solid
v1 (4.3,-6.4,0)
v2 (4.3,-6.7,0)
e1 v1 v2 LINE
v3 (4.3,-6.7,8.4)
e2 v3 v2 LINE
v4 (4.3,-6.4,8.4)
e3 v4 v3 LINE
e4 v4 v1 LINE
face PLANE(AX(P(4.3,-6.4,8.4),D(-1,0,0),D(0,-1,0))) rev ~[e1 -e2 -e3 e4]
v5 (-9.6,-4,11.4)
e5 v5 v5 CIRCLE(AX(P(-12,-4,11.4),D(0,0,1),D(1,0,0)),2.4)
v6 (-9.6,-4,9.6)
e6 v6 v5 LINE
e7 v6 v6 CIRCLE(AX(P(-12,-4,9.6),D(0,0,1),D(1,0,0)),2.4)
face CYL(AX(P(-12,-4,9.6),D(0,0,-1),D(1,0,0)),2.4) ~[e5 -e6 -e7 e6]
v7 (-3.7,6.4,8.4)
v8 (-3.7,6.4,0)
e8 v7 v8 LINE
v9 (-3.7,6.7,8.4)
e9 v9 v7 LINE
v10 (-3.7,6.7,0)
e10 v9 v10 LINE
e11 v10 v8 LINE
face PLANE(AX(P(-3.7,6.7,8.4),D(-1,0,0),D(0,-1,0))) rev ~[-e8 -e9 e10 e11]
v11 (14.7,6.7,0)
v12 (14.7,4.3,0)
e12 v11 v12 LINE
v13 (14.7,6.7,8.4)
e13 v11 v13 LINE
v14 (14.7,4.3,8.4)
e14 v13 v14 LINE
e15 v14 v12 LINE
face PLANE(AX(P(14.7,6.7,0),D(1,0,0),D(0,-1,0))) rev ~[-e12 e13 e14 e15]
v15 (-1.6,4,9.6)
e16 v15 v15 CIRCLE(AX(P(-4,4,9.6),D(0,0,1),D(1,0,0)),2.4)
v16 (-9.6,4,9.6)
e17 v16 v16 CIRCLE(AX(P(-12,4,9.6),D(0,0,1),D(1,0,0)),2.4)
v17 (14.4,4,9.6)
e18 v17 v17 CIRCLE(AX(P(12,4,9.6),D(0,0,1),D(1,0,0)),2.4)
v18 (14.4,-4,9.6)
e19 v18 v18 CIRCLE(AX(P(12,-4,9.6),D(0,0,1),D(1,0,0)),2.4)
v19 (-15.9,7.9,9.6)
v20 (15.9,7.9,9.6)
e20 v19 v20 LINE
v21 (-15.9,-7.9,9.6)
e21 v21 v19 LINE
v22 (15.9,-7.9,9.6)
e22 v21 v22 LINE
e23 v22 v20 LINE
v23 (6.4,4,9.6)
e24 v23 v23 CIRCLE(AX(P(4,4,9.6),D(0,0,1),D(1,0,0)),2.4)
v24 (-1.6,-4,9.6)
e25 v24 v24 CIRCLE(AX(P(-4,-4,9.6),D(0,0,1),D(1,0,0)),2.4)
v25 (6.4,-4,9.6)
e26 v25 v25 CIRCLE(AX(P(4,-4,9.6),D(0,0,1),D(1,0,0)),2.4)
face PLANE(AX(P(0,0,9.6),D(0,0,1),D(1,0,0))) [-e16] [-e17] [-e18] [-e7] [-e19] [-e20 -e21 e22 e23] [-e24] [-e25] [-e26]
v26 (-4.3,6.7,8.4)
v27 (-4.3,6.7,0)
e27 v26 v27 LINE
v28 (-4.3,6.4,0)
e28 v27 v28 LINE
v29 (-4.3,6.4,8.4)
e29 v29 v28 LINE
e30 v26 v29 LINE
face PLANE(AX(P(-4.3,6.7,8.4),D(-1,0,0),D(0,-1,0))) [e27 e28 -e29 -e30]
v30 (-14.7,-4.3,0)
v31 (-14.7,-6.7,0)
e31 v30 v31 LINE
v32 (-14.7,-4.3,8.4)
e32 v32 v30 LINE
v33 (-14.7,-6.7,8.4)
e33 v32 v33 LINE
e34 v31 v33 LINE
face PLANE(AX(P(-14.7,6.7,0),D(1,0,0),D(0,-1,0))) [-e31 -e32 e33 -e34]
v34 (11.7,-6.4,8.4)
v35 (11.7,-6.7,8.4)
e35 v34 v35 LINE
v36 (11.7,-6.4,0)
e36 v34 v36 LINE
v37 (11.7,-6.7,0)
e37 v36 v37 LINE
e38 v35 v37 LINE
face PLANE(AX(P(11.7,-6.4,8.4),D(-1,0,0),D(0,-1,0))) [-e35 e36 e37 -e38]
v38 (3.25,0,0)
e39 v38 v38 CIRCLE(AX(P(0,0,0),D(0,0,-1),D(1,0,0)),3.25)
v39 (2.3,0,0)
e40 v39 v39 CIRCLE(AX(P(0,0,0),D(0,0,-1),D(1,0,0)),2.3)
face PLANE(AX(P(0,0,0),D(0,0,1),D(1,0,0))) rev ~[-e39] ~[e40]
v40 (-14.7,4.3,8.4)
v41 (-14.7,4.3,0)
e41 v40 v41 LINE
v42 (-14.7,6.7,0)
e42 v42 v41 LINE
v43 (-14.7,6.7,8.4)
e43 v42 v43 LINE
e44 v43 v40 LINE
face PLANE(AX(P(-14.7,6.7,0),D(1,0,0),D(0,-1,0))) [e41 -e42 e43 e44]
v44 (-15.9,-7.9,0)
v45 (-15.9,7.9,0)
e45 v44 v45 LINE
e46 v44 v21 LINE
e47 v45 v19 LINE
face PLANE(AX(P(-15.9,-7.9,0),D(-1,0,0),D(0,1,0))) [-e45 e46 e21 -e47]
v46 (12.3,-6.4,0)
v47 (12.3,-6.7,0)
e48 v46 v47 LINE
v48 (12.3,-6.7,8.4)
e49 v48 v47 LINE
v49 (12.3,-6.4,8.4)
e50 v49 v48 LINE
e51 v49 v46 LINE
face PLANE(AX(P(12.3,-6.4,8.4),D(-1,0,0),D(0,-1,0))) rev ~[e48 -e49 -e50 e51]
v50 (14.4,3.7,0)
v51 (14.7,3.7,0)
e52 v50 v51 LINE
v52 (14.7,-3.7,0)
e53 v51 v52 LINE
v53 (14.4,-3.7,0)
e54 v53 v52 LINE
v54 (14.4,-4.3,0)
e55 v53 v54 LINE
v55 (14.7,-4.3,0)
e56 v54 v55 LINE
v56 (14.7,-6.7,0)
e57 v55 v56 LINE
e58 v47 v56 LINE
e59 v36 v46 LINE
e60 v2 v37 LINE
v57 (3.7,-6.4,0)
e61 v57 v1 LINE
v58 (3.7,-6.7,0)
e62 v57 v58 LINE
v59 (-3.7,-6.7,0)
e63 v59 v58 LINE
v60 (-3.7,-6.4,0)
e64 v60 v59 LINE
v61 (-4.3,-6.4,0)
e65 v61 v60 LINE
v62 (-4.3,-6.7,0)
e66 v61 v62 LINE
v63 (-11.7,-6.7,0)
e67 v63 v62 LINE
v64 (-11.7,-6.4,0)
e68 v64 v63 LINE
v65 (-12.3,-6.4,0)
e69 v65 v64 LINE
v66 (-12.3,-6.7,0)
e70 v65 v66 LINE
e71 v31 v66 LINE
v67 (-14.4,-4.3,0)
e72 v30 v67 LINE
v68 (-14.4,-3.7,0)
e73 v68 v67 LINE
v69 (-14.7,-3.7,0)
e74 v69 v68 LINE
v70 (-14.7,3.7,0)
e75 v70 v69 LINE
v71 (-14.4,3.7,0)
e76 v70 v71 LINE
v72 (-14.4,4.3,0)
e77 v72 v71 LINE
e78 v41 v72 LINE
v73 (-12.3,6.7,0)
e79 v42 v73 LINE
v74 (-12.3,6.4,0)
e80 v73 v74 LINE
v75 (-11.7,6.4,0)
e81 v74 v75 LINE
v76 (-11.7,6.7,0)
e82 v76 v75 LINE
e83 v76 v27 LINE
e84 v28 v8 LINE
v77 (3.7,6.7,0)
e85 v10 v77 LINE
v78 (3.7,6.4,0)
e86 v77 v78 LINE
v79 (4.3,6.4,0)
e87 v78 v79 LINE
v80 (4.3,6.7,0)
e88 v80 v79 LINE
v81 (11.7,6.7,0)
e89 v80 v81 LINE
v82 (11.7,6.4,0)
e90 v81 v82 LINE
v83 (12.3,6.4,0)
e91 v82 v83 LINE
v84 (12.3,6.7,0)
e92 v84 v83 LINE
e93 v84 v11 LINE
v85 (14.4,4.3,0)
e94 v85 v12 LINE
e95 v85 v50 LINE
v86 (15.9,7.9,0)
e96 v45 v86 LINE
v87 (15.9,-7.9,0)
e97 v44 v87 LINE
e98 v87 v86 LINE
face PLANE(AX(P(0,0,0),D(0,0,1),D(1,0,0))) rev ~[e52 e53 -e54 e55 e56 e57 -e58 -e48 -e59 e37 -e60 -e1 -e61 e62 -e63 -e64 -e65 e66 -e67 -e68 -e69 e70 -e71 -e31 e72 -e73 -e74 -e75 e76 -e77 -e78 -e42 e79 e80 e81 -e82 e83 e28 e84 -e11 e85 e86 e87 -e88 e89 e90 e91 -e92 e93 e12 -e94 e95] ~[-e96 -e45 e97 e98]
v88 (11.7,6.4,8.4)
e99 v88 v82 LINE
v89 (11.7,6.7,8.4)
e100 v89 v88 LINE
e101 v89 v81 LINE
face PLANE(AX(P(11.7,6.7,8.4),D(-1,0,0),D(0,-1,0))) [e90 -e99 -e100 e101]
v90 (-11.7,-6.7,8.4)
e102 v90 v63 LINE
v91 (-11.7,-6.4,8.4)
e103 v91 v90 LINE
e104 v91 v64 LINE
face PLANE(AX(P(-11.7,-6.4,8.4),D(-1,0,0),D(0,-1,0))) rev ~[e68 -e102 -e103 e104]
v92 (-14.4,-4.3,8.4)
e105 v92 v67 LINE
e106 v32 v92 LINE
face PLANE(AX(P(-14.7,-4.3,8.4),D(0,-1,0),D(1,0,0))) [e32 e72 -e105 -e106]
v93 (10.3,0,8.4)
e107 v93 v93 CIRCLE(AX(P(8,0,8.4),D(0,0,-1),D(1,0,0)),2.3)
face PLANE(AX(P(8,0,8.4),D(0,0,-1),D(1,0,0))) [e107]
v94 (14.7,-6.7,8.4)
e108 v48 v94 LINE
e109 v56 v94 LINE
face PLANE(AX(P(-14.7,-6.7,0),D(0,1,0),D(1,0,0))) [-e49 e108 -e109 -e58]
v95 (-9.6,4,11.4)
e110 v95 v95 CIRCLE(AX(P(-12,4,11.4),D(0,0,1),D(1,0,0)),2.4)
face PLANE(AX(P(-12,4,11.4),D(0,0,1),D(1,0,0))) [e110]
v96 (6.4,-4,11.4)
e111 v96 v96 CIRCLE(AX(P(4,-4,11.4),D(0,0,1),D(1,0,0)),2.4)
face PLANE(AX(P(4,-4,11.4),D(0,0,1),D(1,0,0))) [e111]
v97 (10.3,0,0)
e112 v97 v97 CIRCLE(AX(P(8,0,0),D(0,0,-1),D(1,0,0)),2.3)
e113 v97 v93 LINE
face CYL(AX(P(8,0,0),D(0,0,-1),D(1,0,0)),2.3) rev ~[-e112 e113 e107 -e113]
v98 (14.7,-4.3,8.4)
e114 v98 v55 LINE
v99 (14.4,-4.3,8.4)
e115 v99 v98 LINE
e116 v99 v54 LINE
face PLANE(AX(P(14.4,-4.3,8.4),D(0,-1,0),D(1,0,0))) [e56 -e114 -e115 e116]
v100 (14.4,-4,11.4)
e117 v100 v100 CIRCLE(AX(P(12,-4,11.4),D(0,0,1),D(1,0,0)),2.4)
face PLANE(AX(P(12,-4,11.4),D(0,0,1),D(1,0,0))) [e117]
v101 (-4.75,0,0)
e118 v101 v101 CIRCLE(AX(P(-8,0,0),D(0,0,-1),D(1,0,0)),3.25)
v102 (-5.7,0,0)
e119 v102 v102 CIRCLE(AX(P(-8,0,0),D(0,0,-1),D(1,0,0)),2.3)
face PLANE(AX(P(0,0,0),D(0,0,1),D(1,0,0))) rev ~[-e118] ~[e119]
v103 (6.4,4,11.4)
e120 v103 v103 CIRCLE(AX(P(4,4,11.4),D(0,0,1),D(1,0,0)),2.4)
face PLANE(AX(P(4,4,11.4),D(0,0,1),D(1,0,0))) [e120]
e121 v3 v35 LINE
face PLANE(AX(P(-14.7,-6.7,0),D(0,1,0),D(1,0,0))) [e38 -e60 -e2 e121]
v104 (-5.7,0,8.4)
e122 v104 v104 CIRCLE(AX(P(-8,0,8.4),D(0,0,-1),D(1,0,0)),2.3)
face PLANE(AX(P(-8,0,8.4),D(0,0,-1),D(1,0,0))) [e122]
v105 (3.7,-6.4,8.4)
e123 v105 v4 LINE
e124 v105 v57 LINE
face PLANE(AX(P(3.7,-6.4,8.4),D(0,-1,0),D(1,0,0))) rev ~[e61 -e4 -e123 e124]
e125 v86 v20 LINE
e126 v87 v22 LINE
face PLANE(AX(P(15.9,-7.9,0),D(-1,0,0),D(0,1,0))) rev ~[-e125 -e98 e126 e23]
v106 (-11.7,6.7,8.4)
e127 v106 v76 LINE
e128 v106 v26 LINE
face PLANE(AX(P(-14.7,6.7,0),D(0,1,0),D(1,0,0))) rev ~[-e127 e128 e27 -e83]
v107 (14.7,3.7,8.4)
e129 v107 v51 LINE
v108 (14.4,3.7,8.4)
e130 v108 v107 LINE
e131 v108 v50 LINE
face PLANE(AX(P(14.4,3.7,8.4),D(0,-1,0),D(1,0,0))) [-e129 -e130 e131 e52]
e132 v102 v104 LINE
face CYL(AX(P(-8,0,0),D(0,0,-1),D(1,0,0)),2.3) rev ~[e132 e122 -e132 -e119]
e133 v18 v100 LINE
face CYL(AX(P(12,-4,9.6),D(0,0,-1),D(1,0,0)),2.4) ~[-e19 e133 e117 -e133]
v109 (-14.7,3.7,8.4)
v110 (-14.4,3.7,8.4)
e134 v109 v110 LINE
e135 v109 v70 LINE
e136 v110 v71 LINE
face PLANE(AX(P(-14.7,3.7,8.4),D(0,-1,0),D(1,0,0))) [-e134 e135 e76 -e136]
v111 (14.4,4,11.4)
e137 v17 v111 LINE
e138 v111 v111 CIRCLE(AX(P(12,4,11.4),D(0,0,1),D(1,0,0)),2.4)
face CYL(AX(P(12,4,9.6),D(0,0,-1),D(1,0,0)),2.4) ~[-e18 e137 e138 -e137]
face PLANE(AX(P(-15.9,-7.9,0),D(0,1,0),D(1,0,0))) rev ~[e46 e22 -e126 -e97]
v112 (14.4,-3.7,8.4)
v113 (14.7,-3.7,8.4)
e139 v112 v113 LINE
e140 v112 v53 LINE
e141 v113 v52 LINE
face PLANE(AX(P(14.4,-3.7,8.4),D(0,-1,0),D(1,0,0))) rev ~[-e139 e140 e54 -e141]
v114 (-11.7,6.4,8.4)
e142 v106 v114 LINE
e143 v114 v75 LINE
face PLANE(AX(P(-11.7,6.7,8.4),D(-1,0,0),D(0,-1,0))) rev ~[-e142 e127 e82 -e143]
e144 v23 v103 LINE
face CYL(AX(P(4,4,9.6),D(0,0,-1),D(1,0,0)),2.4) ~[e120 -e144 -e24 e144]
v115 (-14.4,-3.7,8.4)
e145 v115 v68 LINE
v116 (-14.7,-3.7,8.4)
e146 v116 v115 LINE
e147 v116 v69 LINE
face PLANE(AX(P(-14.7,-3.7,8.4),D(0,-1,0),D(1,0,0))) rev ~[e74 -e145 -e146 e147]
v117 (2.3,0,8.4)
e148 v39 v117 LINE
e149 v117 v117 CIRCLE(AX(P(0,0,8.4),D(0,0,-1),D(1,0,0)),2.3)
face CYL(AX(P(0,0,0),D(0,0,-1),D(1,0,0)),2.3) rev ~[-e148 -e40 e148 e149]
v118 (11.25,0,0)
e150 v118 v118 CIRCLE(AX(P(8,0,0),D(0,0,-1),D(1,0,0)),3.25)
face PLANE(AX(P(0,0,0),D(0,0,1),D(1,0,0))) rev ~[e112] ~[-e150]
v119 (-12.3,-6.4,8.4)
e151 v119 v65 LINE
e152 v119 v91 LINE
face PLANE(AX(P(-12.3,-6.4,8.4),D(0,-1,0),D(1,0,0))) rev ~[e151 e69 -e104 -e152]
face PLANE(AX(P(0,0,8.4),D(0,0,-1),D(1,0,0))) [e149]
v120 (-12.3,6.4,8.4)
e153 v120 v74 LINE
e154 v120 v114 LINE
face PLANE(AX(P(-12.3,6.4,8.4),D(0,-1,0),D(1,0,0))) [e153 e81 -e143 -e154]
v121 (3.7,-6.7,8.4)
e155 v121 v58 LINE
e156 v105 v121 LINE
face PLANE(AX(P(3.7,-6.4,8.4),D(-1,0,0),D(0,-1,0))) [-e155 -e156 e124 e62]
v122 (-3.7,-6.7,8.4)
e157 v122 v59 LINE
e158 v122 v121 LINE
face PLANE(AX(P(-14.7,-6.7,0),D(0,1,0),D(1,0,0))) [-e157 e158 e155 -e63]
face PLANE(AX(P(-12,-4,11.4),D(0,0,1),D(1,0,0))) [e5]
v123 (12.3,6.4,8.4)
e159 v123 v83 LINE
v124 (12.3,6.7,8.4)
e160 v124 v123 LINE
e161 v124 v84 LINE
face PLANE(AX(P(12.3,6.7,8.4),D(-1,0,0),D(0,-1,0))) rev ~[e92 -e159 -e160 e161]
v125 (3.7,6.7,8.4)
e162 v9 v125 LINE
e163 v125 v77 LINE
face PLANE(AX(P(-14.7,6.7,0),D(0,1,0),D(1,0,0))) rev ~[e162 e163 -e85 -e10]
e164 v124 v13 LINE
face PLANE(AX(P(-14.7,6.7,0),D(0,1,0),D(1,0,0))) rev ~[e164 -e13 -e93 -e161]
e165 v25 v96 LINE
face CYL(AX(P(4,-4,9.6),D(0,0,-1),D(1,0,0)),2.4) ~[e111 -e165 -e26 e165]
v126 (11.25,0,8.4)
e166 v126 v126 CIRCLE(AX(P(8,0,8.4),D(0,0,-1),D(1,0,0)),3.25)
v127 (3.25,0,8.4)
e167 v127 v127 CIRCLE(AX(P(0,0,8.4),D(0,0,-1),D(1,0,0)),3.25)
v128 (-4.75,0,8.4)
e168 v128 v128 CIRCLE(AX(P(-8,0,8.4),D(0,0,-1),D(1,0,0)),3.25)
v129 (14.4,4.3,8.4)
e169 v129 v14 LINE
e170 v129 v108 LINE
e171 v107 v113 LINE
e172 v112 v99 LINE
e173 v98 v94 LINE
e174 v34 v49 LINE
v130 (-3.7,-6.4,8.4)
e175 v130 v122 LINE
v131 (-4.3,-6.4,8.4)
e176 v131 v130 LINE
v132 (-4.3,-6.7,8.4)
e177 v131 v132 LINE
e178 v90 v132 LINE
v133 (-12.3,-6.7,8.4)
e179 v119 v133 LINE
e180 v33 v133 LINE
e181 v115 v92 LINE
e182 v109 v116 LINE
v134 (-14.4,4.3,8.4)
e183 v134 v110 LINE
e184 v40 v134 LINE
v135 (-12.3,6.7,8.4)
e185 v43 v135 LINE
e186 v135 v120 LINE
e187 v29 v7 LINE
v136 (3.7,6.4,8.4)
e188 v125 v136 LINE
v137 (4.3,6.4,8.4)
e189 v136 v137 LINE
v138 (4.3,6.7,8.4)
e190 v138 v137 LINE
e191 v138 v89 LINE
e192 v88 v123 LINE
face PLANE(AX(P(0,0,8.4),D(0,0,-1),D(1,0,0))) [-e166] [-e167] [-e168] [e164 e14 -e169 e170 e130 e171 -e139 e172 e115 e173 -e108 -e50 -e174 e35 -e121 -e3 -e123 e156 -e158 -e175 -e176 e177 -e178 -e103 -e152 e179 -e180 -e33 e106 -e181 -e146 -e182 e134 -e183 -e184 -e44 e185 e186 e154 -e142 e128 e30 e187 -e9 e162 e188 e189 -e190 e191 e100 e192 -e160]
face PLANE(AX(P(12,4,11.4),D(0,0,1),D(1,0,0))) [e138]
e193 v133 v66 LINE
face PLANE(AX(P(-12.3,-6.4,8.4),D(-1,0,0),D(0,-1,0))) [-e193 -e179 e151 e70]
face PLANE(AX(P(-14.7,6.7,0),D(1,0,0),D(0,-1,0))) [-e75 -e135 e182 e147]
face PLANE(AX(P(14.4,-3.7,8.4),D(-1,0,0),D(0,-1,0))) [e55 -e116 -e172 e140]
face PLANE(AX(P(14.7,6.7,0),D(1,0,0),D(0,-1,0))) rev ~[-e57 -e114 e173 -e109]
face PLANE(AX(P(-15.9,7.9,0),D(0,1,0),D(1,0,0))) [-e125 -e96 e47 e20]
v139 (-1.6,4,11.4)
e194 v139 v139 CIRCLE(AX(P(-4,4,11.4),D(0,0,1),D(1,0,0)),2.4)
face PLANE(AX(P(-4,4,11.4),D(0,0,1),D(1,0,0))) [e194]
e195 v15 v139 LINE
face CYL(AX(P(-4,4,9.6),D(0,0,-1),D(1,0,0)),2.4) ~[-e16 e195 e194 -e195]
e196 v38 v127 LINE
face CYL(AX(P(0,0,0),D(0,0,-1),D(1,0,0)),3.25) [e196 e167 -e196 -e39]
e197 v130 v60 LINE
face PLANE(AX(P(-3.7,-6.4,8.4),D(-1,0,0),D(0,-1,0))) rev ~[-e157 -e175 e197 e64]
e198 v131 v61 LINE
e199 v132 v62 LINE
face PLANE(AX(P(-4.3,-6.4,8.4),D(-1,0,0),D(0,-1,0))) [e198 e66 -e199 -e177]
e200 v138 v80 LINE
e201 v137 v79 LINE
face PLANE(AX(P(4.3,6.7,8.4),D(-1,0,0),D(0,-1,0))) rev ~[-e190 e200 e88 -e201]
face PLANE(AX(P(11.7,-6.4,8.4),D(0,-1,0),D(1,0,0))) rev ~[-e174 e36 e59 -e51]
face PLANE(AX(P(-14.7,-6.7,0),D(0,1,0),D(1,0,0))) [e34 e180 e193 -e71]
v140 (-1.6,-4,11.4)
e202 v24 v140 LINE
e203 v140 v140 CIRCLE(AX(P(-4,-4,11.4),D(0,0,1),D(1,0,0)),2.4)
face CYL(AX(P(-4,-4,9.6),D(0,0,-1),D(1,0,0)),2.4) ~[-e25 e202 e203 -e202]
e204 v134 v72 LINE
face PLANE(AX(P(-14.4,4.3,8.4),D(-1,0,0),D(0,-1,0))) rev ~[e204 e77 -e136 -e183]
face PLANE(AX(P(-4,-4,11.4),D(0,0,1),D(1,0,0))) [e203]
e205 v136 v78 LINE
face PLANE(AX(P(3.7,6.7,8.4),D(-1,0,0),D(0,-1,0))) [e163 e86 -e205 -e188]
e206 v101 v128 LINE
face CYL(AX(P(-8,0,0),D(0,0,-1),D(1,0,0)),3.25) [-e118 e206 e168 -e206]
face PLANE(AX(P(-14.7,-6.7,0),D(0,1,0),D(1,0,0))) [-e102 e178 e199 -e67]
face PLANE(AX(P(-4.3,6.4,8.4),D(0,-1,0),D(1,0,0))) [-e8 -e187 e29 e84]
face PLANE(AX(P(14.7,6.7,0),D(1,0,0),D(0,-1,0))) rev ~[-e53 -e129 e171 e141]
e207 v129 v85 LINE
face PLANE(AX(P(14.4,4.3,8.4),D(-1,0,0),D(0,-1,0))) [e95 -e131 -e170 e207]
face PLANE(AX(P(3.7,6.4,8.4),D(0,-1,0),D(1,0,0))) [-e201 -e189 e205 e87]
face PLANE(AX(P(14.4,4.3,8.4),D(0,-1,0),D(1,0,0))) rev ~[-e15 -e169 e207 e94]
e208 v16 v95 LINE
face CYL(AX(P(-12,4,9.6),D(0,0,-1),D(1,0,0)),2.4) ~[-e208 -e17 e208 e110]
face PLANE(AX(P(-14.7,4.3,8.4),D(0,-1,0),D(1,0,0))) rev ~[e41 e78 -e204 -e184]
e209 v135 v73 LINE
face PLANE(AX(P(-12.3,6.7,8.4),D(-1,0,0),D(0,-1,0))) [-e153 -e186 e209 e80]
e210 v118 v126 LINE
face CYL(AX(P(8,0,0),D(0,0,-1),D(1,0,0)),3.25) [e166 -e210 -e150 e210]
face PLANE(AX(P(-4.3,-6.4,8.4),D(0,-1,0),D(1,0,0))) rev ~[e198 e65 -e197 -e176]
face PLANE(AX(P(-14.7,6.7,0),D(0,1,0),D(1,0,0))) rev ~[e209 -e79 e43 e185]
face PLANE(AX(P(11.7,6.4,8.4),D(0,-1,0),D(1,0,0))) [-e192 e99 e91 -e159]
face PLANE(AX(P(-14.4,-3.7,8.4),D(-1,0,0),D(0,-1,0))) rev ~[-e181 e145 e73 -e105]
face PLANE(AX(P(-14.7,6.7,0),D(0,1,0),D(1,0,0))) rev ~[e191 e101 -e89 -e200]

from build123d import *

# Parameters (mm, degrees)
SKETCH_W      = 31.8
SKETCH_H      = 15.8
PAD_DEPTH     = 9.6
SKETCH001_R   = 2.4
PAD001_DEPTH  = 1.8
SKETCH002_W   = 29.4
SKETCH002_H   = 13.4
SKETCH002_R   = 3.25
SKETCH002_R_2 = 2.3
POCKET_DEPTH  = 8.4
SKETCH003_W   = 0.6
SKETCH003_H   = 0.3
SKETCH003_W_2 = 0.3
SKETCH003_H_2 = 0.6
PAD002_DEPTH  = 8.4


with BuildPart() as part:
    # Sketch → Pad (new body)
    with BuildSketch(Plane.XY):
        Rectangle(SKETCH_W, SKETCH_H)
    extrude(amount=PAD_DEPTH)

    # Sketch001 (on Face6 of Pad) → Pad001 (join)
    with BuildSketch(Plane.XY.offset(9.6)):
        with Locations((-12, 4)):
            Circle(SKETCH001_R)
        with Locations((-4, 4)):
            Circle(SKETCH001_R)
        with Locations((4, 4)):
            Circle(SKETCH001_R)
        with Locations((12, 4)):
            Circle(SKETCH001_R)
        with Locations((12, -4)):
            Circle(SKETCH001_R)
        with Locations((4, -4)):
            Circle(SKETCH001_R)
        with Locations((-4, -4)):
            Circle(SKETCH001_R)
        with Locations((-12, -4)):
            Circle(SKETCH001_R)
    extrude(amount=PAD001_DEPTH)

    # Sketch002 (on Face4 of Pad001) → Pocket (cut)
    with BuildSketch(Plane(origin=(0, 0, 0), x_dir=(1, 0, 0), z_dir=(0, 0, -1))):
        Rectangle(SKETCH002_W, SKETCH002_H)
        Circle(SKETCH002_R, mode=Mode.SUBTRACT)
        with Locations((8, 0)):
            Circle(SKETCH002_R, mode=Mode.SUBTRACT)
        with Locations((-8, 0)):
            Circle(SKETCH002_R, mode=Mode.SUBTRACT)
        Circle(SKETCH002_R_2)
        with Locations((8, 0)):
            Circle(SKETCH002_R_2)
        with Locations((-8, 0)):
            Circle(SKETCH002_R_2)
    extrude(amount=-POCKET_DEPTH, mode=Mode.SUBTRACT)

    # Sketch003 (on Face19 of Pocket) → Pad002 (join)
    with BuildSketch(Plane(origin=(0, 0, 8.4), x_dir=(1, 0, 0), z_dir=(0, 0, -1))):
        with Locations((-12, 6.55)):
            Rectangle(SKETCH003_W, SKETCH003_H)
        with Locations((4, 6.55)):
            Rectangle(SKETCH003_W, SKETCH003_H)
        with Locations((-4, 6.55)):
            Rectangle(SKETCH003_W, SKETCH003_H)
        with Locations((12, 6.55)):
            Rectangle(SKETCH003_W, SKETCH003_H)
        with Locations((-14.55, 4)):
            Rectangle(SKETCH003_W_2, SKETCH003_H_2)
        with Locations((-14.55, -4)):
            Rectangle(SKETCH003_W_2, SKETCH003_H_2)
        with Locations((-12, -6.55)):
            Rectangle(SKETCH003_W, SKETCH003_H)
        with Locations((-4, -6.55)):
            Rectangle(SKETCH003_W, SKETCH003_H)
        with Locations((4, -6.55)):
            Rectangle(SKETCH003_W, SKETCH003_H)
        with Locations((12, -6.55)):
            Rectangle(SKETCH003_W, SKETCH003_H)
        with Locations((14.55, 4)):
            Rectangle(SKETCH003_W_2, SKETCH003_H_2)
        with Locations((14.55, -4)):
            Rectangle(SKETCH003_W_2, SKETCH003_H_2)
    extrude(amount=PAD002_DEPTH)


solid = part.part
